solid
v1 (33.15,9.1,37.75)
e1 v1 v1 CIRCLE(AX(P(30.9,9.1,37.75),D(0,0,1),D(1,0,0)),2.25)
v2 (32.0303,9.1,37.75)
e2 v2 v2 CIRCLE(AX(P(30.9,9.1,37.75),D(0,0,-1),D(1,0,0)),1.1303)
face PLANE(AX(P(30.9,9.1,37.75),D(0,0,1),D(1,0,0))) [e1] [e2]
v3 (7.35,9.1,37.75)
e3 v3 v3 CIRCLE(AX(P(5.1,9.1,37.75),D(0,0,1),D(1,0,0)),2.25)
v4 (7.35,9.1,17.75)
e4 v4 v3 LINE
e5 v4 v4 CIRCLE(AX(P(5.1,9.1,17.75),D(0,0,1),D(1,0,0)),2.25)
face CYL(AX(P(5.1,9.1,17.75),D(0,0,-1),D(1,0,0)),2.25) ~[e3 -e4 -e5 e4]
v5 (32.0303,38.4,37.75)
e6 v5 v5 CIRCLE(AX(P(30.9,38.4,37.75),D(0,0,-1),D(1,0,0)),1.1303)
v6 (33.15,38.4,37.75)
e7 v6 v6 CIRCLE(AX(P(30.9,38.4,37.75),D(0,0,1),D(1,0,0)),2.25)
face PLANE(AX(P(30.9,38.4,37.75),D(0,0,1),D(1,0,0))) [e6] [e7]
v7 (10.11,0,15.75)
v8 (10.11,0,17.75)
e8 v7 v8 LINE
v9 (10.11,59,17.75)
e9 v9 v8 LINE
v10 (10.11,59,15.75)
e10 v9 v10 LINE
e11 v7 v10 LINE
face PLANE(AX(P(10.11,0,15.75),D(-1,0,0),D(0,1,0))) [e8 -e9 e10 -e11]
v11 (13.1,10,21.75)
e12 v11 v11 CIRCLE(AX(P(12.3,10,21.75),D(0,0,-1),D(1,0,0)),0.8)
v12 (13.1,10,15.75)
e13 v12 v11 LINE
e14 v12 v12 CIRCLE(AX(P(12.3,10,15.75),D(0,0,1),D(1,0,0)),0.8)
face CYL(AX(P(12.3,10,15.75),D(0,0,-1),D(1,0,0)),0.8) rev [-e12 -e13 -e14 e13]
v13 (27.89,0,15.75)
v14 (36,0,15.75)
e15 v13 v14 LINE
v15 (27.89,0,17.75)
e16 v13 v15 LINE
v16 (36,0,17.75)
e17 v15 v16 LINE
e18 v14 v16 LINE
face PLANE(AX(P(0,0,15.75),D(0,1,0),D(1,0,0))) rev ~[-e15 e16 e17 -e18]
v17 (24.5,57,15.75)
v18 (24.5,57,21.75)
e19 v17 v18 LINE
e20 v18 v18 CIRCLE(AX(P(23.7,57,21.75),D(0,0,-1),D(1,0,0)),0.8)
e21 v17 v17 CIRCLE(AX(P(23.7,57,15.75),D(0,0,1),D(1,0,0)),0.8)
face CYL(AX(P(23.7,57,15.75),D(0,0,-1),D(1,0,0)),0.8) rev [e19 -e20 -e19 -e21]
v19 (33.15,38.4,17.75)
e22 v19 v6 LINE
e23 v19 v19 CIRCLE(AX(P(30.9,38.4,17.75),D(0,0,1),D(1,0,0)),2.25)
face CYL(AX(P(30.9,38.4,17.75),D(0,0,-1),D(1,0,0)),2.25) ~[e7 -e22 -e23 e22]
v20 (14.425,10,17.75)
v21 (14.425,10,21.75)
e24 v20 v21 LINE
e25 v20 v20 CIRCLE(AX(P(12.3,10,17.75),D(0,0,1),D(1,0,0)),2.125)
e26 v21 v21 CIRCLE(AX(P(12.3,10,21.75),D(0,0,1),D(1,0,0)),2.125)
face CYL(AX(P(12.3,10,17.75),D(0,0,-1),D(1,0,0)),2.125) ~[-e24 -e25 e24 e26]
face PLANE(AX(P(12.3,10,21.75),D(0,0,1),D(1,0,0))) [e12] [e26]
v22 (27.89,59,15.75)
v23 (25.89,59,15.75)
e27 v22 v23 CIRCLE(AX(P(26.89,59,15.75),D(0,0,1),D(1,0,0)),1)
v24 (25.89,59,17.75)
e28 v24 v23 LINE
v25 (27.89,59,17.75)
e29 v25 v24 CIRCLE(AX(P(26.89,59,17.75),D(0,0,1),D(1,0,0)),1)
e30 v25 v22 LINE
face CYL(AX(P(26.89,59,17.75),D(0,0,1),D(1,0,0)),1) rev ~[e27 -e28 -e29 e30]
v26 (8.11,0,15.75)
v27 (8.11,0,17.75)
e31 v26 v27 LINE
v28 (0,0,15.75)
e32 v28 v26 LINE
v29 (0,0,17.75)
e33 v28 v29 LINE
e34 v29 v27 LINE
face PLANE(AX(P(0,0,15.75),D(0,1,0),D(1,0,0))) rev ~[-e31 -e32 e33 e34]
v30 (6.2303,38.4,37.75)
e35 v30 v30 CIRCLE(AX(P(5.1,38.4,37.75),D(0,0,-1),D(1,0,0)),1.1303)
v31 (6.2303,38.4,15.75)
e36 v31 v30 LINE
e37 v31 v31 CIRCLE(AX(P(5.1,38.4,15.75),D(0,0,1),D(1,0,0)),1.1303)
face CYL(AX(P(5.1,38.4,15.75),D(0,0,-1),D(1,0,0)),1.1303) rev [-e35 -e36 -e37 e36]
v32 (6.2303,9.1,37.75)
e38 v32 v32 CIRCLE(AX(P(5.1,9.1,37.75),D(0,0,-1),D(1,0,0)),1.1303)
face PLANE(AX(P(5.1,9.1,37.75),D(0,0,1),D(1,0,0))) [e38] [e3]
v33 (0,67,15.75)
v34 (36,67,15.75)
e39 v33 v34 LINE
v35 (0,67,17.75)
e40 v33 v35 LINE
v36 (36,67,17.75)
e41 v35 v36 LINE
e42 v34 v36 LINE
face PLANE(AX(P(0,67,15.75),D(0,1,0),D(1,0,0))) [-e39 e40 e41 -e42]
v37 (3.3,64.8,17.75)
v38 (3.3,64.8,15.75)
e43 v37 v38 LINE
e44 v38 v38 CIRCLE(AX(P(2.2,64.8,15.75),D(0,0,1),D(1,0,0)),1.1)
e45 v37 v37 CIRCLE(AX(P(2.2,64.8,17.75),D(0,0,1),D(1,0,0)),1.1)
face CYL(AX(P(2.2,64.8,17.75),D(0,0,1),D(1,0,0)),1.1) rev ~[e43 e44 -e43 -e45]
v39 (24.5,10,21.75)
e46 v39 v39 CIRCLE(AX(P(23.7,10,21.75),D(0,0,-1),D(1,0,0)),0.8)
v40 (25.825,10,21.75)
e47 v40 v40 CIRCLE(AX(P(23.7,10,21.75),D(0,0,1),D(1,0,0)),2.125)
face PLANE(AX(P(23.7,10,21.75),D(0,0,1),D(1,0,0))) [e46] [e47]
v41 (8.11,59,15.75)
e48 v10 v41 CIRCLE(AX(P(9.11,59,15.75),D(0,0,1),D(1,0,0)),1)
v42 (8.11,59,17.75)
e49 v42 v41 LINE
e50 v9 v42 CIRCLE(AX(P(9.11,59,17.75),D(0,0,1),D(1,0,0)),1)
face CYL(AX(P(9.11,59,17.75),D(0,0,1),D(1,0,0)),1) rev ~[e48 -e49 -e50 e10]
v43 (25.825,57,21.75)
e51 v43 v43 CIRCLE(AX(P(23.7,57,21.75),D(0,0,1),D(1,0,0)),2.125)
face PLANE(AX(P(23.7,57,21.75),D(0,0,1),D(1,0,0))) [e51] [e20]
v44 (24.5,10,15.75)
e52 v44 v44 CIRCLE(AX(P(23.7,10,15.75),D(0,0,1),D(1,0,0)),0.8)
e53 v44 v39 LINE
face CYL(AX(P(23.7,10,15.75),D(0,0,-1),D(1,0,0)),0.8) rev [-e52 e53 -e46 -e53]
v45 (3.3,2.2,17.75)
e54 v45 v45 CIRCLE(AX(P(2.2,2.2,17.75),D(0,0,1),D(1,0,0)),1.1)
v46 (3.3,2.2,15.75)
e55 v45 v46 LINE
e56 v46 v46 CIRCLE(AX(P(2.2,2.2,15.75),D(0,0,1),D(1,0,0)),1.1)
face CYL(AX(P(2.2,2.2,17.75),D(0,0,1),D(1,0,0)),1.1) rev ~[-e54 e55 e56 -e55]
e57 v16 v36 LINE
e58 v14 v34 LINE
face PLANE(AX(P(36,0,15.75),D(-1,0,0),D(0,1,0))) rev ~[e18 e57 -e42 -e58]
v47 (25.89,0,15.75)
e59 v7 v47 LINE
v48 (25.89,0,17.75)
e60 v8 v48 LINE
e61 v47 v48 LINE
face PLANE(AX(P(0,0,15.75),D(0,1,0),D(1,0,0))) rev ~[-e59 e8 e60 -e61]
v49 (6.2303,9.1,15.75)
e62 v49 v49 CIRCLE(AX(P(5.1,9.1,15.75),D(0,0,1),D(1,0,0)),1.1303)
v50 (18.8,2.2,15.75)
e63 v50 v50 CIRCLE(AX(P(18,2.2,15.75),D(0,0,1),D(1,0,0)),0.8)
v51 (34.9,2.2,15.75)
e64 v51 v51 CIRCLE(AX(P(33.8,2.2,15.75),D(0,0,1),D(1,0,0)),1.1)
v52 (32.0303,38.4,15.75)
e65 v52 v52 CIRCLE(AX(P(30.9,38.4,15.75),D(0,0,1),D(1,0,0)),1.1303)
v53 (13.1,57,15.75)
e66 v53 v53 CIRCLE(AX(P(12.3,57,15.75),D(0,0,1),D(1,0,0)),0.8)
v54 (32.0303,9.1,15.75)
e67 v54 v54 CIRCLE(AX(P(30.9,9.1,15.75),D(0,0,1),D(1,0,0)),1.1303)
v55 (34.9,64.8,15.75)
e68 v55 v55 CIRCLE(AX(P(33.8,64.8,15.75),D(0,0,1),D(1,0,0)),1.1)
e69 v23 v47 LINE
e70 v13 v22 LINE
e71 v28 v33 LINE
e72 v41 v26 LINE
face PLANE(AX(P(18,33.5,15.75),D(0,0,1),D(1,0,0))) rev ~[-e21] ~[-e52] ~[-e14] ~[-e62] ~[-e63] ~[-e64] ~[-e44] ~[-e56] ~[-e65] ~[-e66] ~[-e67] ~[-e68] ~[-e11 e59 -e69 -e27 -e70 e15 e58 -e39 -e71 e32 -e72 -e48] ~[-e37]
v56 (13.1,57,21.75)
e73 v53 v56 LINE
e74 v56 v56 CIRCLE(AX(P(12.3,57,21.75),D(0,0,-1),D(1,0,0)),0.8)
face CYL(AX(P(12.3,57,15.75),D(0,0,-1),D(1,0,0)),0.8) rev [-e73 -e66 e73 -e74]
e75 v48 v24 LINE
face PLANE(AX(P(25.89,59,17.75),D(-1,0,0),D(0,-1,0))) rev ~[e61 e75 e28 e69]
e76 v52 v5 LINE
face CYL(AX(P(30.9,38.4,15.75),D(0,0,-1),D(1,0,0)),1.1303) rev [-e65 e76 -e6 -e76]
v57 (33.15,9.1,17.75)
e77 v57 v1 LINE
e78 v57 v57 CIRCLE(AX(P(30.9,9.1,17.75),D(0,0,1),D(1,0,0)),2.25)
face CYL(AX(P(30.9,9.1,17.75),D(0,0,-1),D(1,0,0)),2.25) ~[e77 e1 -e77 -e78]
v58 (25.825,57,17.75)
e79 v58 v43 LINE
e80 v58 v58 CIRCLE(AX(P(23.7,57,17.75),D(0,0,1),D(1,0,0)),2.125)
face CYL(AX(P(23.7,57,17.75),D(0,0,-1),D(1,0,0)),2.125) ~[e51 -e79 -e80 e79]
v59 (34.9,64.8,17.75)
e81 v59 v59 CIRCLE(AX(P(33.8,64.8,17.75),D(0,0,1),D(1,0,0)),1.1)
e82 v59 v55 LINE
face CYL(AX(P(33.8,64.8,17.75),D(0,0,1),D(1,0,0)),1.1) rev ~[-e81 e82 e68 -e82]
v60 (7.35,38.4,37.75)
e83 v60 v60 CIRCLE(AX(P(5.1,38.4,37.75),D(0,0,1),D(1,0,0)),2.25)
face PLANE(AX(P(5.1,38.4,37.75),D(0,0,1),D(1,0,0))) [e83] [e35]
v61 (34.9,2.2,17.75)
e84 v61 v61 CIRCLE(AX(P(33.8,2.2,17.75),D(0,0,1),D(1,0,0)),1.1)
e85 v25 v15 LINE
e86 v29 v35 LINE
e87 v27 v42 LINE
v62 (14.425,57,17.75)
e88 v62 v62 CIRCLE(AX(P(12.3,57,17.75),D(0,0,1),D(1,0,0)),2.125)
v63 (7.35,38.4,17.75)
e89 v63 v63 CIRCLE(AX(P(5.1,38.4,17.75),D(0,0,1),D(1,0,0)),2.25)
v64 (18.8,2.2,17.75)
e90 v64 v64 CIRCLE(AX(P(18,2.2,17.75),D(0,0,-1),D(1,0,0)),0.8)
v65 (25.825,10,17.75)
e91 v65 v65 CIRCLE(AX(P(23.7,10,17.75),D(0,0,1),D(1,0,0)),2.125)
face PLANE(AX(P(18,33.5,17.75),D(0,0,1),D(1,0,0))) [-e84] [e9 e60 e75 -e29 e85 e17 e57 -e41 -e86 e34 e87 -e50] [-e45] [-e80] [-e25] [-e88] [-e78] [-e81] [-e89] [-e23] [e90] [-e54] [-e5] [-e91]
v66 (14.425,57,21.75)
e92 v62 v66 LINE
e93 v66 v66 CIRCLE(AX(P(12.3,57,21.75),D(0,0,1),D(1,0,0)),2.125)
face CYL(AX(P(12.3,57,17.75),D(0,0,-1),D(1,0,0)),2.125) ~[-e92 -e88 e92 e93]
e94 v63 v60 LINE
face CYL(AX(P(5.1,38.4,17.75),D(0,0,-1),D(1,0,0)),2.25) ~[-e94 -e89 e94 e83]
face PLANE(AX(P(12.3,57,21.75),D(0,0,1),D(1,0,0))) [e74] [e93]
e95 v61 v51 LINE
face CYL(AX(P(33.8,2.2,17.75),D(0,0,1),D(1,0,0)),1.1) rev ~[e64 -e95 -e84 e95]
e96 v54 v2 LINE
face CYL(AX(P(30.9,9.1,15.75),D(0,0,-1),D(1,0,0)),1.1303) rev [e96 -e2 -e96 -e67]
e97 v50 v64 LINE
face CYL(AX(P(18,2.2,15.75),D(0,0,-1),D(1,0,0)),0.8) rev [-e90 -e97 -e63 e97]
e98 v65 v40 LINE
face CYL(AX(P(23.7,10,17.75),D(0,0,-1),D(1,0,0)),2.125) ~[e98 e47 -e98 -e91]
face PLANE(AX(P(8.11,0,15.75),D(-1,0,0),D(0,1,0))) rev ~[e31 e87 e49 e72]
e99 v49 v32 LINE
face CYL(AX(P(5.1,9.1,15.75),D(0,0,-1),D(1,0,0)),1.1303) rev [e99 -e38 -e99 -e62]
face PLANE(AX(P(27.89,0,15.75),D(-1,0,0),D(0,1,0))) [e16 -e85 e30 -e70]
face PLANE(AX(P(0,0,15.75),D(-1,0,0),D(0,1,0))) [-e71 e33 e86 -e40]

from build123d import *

# Parameters (mm, degrees)
SKETCH006_W     = 36
SKETCH006_H     = 67
PAD003_DEPTH    = 2
SKETCH007_R     = 2.125
PAD004_DEPTH    = 4
SKETCH012_R     = 1.1
POCKET002_DEPTH = 2.001
SKETCH022_R     = 0.8
POCKET008_DEPTH = 6.001
SKETCH040_R     = 2.25
PAD024_DEPTH    = 20
SKETCH041_R     = 1.1303
POCKET012_DEPTH = 22.001
SKETCH047_R     = 0.8
SKETCH047_W     = 2
SKETCH047_H     = 33.5
POCKET_DEPTH    = 22.001


with BuildPart() as part:
    # Sketch006 → Pad003 (new body)
    with BuildSketch(Plane.XY):
        with Locations((18, 33.5)):
            Rectangle(SKETCH006_W, SKETCH006_H)
    extrude(amount=PAD003_DEPTH)

    # Sketch007 (on DatumPlane) → Pad004 (join)
    with BuildSketch(Plane.XY.offset(2)):
        with Locations((12.3, 57)):
            Circle(SKETCH007_R)
        with Locations((23.7, 57)):
            Circle(SKETCH007_R)
        with Locations((23.7, 10)):
            Circle(SKETCH007_R)
        with Locations((12.3, 10)):
            Circle(SKETCH007_R)
    extrude(amount=PAD004_DEPTH)

    # Sketch012 (on DatumPlane) → Pocket002 (cut, through all)
    with BuildSketch(Plane.XY.offset(2)):
        with Locations((2.2, 64.8)):
            Circle(SKETCH012_R)
        with Locations((33.8, 64.8)):
            Circle(SKETCH012_R)
        with Locations((33.8, 2.2)):
            Circle(SKETCH012_R)
        with Locations((2.2, 2.2)):
            Circle(SKETCH012_R)
        with BuildLine():
            ThreePointArc((10.11, 59), (9.11, 60), (8.11, 59))
            Line((8.11, 59), (8.11, 8))
            ThreePointArc((8.11, 8), (9.11, 7), (10.11, 8))
            Line((10.11, 8), (10.11, 59))
        make_face()
        with BuildLine():
            ThreePointArc((25.89, 8), (26.89, 7), (27.89, 8))
            Line((27.89, 8), (27.89, 59))
            ThreePointArc((27.89, 59), (26.89, 60), (25.89, 59))
            Line((25.89, 59), (25.89, 8))
        make_face()
    extrude(amount=-POCKET002_DEPTH, mode=Mode.SUBTRACT)

    # Sketch022 → Pocket008 (cut, through all)
    with BuildSketch(Plane.XY):
        with Locations((12.3, 10)):
            Circle(SKETCH022_R)
        with Locations((23.7, 10)):
            Circle(SKETCH022_R)
        with Locations((12.3, 57)):
            Circle(SKETCH022_R)
        with Locations((23.7, 57)):
            Circle(SKETCH022_R)
    extrude(amount=POCKET008_DEPTH, mode=Mode.SUBTRACT)

    # Sketch040 (on DatumPlane) → Pad024 (join)
    with BuildSketch(Plane.XY.offset(2)):
        with Locations((5.1, 9.1)):
            Circle(SKETCH040_R)
        with Locations((30.9, 9.1)):
            Circle(SKETCH040_R)
        with Locations((5.1, 38.4)):
            Circle(SKETCH040_R)
        with Locations((30.9, 38.4)):
            Circle(SKETCH040_R)
    extrude(amount=PAD024_DEPTH)

    # Sketch041 → Pocket012 (cut, through all)
    with BuildSketch(Plane.XY):
        with Locations((5.1, 38.4)):
            Circle(SKETCH041_R)
        with Locations((30.9, 38.4)):
            Circle(SKETCH041_R)
        with Locations((30.9, 9.1)):
            Circle(SKETCH041_R)
        with Locations((5.1, 9.1)):
            Circle(SKETCH041_R)
    extrude(amount=POCKET012_DEPTH, mode=Mode.SUBTRACT)

    # Sketch047 → Pocket (cut, through all)
    with BuildSketch(Plane.XY):
        with Locations((18, 2.2)):
            Circle(SKETCH047_R)
        with Locations((9.11, 16.75)):
            Rectangle(SKETCH047_W, SKETCH047_H)
        with Locations((26.89, 16.75)):
            Rectangle(SKETCH047_W, SKETCH047_H)
    extrude(amount=POCKET_DEPTH, mode=Mode.SUBTRACT)


with BuildPart() as part_1:
    # Body002 placement: moved
    add(part.part.moved(Location((0, 0, 15.75))))


solid = part_1.part
